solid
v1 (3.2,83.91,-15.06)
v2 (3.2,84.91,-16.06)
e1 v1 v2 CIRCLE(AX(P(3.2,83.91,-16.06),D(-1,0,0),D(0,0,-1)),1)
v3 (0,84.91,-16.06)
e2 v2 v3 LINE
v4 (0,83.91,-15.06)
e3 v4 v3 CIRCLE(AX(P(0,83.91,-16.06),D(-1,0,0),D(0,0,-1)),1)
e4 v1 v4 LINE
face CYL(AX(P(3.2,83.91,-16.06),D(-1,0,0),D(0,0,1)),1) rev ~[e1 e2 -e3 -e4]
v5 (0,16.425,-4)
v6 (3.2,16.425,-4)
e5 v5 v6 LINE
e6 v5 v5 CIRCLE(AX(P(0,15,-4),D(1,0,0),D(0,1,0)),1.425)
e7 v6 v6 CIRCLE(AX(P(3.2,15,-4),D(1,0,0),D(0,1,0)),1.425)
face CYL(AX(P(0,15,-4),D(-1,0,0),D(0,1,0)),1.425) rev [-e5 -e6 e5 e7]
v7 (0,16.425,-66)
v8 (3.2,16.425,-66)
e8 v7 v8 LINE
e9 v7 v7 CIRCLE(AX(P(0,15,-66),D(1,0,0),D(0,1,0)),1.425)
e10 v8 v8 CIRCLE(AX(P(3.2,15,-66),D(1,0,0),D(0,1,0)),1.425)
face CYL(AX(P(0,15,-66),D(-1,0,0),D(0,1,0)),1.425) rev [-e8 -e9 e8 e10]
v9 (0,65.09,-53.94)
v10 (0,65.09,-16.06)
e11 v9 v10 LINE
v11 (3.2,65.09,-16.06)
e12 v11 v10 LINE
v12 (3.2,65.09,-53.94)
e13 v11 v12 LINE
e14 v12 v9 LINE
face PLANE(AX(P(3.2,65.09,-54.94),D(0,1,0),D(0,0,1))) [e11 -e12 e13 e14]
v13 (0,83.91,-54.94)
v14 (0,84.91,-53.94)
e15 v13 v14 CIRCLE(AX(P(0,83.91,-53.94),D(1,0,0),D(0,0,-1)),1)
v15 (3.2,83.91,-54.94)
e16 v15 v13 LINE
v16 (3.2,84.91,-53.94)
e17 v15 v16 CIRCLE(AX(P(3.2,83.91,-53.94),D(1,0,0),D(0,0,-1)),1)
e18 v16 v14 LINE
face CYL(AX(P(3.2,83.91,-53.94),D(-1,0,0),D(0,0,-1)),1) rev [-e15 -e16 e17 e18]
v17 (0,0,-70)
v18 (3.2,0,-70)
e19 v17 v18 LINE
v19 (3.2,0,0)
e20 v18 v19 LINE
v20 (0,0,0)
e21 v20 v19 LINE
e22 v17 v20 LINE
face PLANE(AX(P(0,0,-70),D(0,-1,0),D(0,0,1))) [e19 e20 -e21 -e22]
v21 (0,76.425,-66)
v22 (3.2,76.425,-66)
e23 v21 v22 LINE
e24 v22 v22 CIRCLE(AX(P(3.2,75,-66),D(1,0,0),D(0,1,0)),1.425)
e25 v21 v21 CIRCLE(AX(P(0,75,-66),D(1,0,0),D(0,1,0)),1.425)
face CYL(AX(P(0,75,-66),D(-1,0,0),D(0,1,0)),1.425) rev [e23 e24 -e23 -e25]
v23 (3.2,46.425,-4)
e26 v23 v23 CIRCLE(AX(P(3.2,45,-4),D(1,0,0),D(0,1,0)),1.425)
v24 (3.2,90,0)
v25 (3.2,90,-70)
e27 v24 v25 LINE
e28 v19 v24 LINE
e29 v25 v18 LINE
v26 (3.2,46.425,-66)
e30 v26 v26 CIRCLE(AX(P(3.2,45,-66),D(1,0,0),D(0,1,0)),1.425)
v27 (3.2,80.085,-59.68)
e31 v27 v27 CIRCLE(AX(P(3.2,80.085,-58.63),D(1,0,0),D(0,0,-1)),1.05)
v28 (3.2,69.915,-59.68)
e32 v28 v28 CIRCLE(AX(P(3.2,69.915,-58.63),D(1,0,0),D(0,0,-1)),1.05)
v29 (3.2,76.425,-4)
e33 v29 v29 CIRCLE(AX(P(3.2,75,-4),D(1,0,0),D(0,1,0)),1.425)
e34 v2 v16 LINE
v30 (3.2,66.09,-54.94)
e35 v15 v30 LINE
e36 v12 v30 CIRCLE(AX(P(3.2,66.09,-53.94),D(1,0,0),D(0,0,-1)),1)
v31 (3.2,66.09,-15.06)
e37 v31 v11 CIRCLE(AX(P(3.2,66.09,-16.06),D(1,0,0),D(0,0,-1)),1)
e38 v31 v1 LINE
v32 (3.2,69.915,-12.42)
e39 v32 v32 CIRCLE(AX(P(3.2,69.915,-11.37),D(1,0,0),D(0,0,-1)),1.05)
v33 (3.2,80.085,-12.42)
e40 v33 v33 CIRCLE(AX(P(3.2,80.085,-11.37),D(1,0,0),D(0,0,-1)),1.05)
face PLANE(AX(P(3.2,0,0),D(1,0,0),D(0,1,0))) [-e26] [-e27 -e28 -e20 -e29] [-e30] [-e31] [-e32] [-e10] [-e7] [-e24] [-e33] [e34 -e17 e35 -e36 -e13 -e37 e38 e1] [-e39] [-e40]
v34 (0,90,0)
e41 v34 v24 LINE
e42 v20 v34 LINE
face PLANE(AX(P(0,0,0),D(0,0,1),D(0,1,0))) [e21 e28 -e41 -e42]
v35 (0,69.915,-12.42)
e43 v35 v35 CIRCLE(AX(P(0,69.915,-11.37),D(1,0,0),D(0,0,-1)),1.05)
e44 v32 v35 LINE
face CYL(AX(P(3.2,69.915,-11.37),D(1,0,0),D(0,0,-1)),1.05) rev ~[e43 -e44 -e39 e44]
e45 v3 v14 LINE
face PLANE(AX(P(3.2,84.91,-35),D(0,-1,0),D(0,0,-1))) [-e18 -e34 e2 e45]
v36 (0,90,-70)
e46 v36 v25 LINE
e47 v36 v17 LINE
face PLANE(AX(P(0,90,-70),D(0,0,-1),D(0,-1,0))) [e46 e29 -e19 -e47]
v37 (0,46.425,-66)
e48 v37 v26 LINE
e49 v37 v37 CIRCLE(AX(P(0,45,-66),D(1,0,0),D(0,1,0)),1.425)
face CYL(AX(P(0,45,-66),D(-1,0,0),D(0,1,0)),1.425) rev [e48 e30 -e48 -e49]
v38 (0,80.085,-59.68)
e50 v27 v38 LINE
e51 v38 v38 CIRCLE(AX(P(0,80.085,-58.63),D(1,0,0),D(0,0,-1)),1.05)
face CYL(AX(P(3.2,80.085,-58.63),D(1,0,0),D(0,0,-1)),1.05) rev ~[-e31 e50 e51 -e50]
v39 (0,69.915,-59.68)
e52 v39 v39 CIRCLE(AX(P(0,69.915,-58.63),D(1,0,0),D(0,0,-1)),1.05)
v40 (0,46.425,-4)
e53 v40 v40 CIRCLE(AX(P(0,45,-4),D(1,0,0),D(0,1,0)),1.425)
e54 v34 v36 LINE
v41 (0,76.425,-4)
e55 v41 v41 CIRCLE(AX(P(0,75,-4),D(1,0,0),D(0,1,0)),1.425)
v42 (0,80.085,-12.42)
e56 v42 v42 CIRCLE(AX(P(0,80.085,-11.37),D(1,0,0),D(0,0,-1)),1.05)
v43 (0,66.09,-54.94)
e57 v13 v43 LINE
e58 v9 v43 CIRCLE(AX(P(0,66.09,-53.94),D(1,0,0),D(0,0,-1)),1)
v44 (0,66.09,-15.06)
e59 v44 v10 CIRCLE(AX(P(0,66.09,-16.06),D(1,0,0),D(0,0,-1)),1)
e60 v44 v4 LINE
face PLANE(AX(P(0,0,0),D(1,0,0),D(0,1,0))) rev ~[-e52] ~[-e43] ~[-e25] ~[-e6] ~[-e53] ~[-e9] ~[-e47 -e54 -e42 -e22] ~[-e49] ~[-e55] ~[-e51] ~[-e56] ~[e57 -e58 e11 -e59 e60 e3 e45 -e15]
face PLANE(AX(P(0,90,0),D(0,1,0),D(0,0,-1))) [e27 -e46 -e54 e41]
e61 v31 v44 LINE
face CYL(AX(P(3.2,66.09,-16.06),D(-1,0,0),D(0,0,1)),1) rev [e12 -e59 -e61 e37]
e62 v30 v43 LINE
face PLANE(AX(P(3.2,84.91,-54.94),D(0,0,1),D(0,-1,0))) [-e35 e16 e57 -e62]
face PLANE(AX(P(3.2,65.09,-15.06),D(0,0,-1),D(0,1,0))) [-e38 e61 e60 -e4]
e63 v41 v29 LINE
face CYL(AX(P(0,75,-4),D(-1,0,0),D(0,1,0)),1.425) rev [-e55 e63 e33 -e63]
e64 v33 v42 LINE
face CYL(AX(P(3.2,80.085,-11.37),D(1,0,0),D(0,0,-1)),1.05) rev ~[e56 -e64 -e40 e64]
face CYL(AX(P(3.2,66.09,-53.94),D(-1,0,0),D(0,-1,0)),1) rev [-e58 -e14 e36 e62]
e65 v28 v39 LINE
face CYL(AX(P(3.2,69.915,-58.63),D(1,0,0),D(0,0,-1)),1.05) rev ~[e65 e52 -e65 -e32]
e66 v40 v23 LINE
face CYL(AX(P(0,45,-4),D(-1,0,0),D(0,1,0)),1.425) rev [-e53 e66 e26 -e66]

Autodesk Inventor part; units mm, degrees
ref_plane "YZ Plane" through (0, 0, 0) normal (1, 0, 0) x (0, 1, 0)
ref_plane "XZ Plane" through (0, 0, 0) normal (0, 1, 0) x (-1, 0, 0)
ref_plane "XY Plane" through (0, 0, 0) normal (0, 0, 1) x (1, 0, 0)
sketch "Sketch1" plane through (0, 0, 0) normal (1, 0, 0) x (0, 1, 0)
  line L0 (0, 0) -> (90, 0)
  line L1 (90, 0) -> (90, -70)
  line L2 (90, -70) -> (0, -70)
  line L3 (0, -70) -> (0, 0)
  circle A0 centre (15, -4) radius 1.425
  circle A1 centre (45, -4) radius 1.425
  circle A2 centre (75, -4) radius 1.425
  line L4 (0, -4) -> (90, -4) construction
  line L5 (45, -70) -> (45, 0) construction
  line L6 (0, -35) -> (90, -35) construction
  circle A3 centre (15, -66) radius 1.425
  circle A4 centre (45, -66) radius 1.425
  circle A5 centre (75, -66) radius 1.425
  dimension "d0" = 2.85
  dimension "d1" = 90
  dimension "d2" = 30
  dimension "d3" = 4
  dimension "d4" = 70
extrude "Extrusion1" add sketch "Sketch1" along normal blind 3.2
sketch "Sketch2" plane through (3.2, 0, 0) normal (1, 0, 0) x (0, 0, -1)
  circle A0 centre (66, 75) radius 1.425 projected
  circle A1 centre (4, 75) radius 1.425 projected
  line L0 (70, 90) -> (0, 90) projected
  line L1 (35, 90) -> (35, -95.4624)
  line L2 (15.06, 84.91) -> (54.94, 84.91)
  line L3 (54.94, 84.91) -> (54.94, 65.09)
  line L4 (54.94, 65.09) -> (15.06, 65.09)
  line L5 (15.06, 65.09) -> (15.06, 84.91)
  line L6 (4, 75) -> (66, 75) construction
  circle A2 centre (11.37, 80.085) radius 1.05
  circle A3 centre (11.37, 69.915) radius 1.05
  circle A4 centre (58.63, 80.085) radius 1.05
  circle A5 centre (58.63, 69.915) radius 1.05
  point P0 (54.94, 75)
  dimension "d7" = 39.88
  dimension "d8" = 19.82
  dimension "d9" = 10.17
  dimension "d10" = 47.26
  dimension "d11" = 2.1
extrude "Extrusion2" cut sketch "Sketch2" against normal through all contours L2 L3 L4 L1 | L1 L4 L5 L2 | A2 | A3 | A4 | A5
fillet "Fillet1" radius 1 4 edges at (1.6, 84.91, -54.94) (1.6, 65.09, -54.94) (1.6, 65.09, -15.06) (1.6, 84.91, -15.06)
properties part number "ServoPlate1"
